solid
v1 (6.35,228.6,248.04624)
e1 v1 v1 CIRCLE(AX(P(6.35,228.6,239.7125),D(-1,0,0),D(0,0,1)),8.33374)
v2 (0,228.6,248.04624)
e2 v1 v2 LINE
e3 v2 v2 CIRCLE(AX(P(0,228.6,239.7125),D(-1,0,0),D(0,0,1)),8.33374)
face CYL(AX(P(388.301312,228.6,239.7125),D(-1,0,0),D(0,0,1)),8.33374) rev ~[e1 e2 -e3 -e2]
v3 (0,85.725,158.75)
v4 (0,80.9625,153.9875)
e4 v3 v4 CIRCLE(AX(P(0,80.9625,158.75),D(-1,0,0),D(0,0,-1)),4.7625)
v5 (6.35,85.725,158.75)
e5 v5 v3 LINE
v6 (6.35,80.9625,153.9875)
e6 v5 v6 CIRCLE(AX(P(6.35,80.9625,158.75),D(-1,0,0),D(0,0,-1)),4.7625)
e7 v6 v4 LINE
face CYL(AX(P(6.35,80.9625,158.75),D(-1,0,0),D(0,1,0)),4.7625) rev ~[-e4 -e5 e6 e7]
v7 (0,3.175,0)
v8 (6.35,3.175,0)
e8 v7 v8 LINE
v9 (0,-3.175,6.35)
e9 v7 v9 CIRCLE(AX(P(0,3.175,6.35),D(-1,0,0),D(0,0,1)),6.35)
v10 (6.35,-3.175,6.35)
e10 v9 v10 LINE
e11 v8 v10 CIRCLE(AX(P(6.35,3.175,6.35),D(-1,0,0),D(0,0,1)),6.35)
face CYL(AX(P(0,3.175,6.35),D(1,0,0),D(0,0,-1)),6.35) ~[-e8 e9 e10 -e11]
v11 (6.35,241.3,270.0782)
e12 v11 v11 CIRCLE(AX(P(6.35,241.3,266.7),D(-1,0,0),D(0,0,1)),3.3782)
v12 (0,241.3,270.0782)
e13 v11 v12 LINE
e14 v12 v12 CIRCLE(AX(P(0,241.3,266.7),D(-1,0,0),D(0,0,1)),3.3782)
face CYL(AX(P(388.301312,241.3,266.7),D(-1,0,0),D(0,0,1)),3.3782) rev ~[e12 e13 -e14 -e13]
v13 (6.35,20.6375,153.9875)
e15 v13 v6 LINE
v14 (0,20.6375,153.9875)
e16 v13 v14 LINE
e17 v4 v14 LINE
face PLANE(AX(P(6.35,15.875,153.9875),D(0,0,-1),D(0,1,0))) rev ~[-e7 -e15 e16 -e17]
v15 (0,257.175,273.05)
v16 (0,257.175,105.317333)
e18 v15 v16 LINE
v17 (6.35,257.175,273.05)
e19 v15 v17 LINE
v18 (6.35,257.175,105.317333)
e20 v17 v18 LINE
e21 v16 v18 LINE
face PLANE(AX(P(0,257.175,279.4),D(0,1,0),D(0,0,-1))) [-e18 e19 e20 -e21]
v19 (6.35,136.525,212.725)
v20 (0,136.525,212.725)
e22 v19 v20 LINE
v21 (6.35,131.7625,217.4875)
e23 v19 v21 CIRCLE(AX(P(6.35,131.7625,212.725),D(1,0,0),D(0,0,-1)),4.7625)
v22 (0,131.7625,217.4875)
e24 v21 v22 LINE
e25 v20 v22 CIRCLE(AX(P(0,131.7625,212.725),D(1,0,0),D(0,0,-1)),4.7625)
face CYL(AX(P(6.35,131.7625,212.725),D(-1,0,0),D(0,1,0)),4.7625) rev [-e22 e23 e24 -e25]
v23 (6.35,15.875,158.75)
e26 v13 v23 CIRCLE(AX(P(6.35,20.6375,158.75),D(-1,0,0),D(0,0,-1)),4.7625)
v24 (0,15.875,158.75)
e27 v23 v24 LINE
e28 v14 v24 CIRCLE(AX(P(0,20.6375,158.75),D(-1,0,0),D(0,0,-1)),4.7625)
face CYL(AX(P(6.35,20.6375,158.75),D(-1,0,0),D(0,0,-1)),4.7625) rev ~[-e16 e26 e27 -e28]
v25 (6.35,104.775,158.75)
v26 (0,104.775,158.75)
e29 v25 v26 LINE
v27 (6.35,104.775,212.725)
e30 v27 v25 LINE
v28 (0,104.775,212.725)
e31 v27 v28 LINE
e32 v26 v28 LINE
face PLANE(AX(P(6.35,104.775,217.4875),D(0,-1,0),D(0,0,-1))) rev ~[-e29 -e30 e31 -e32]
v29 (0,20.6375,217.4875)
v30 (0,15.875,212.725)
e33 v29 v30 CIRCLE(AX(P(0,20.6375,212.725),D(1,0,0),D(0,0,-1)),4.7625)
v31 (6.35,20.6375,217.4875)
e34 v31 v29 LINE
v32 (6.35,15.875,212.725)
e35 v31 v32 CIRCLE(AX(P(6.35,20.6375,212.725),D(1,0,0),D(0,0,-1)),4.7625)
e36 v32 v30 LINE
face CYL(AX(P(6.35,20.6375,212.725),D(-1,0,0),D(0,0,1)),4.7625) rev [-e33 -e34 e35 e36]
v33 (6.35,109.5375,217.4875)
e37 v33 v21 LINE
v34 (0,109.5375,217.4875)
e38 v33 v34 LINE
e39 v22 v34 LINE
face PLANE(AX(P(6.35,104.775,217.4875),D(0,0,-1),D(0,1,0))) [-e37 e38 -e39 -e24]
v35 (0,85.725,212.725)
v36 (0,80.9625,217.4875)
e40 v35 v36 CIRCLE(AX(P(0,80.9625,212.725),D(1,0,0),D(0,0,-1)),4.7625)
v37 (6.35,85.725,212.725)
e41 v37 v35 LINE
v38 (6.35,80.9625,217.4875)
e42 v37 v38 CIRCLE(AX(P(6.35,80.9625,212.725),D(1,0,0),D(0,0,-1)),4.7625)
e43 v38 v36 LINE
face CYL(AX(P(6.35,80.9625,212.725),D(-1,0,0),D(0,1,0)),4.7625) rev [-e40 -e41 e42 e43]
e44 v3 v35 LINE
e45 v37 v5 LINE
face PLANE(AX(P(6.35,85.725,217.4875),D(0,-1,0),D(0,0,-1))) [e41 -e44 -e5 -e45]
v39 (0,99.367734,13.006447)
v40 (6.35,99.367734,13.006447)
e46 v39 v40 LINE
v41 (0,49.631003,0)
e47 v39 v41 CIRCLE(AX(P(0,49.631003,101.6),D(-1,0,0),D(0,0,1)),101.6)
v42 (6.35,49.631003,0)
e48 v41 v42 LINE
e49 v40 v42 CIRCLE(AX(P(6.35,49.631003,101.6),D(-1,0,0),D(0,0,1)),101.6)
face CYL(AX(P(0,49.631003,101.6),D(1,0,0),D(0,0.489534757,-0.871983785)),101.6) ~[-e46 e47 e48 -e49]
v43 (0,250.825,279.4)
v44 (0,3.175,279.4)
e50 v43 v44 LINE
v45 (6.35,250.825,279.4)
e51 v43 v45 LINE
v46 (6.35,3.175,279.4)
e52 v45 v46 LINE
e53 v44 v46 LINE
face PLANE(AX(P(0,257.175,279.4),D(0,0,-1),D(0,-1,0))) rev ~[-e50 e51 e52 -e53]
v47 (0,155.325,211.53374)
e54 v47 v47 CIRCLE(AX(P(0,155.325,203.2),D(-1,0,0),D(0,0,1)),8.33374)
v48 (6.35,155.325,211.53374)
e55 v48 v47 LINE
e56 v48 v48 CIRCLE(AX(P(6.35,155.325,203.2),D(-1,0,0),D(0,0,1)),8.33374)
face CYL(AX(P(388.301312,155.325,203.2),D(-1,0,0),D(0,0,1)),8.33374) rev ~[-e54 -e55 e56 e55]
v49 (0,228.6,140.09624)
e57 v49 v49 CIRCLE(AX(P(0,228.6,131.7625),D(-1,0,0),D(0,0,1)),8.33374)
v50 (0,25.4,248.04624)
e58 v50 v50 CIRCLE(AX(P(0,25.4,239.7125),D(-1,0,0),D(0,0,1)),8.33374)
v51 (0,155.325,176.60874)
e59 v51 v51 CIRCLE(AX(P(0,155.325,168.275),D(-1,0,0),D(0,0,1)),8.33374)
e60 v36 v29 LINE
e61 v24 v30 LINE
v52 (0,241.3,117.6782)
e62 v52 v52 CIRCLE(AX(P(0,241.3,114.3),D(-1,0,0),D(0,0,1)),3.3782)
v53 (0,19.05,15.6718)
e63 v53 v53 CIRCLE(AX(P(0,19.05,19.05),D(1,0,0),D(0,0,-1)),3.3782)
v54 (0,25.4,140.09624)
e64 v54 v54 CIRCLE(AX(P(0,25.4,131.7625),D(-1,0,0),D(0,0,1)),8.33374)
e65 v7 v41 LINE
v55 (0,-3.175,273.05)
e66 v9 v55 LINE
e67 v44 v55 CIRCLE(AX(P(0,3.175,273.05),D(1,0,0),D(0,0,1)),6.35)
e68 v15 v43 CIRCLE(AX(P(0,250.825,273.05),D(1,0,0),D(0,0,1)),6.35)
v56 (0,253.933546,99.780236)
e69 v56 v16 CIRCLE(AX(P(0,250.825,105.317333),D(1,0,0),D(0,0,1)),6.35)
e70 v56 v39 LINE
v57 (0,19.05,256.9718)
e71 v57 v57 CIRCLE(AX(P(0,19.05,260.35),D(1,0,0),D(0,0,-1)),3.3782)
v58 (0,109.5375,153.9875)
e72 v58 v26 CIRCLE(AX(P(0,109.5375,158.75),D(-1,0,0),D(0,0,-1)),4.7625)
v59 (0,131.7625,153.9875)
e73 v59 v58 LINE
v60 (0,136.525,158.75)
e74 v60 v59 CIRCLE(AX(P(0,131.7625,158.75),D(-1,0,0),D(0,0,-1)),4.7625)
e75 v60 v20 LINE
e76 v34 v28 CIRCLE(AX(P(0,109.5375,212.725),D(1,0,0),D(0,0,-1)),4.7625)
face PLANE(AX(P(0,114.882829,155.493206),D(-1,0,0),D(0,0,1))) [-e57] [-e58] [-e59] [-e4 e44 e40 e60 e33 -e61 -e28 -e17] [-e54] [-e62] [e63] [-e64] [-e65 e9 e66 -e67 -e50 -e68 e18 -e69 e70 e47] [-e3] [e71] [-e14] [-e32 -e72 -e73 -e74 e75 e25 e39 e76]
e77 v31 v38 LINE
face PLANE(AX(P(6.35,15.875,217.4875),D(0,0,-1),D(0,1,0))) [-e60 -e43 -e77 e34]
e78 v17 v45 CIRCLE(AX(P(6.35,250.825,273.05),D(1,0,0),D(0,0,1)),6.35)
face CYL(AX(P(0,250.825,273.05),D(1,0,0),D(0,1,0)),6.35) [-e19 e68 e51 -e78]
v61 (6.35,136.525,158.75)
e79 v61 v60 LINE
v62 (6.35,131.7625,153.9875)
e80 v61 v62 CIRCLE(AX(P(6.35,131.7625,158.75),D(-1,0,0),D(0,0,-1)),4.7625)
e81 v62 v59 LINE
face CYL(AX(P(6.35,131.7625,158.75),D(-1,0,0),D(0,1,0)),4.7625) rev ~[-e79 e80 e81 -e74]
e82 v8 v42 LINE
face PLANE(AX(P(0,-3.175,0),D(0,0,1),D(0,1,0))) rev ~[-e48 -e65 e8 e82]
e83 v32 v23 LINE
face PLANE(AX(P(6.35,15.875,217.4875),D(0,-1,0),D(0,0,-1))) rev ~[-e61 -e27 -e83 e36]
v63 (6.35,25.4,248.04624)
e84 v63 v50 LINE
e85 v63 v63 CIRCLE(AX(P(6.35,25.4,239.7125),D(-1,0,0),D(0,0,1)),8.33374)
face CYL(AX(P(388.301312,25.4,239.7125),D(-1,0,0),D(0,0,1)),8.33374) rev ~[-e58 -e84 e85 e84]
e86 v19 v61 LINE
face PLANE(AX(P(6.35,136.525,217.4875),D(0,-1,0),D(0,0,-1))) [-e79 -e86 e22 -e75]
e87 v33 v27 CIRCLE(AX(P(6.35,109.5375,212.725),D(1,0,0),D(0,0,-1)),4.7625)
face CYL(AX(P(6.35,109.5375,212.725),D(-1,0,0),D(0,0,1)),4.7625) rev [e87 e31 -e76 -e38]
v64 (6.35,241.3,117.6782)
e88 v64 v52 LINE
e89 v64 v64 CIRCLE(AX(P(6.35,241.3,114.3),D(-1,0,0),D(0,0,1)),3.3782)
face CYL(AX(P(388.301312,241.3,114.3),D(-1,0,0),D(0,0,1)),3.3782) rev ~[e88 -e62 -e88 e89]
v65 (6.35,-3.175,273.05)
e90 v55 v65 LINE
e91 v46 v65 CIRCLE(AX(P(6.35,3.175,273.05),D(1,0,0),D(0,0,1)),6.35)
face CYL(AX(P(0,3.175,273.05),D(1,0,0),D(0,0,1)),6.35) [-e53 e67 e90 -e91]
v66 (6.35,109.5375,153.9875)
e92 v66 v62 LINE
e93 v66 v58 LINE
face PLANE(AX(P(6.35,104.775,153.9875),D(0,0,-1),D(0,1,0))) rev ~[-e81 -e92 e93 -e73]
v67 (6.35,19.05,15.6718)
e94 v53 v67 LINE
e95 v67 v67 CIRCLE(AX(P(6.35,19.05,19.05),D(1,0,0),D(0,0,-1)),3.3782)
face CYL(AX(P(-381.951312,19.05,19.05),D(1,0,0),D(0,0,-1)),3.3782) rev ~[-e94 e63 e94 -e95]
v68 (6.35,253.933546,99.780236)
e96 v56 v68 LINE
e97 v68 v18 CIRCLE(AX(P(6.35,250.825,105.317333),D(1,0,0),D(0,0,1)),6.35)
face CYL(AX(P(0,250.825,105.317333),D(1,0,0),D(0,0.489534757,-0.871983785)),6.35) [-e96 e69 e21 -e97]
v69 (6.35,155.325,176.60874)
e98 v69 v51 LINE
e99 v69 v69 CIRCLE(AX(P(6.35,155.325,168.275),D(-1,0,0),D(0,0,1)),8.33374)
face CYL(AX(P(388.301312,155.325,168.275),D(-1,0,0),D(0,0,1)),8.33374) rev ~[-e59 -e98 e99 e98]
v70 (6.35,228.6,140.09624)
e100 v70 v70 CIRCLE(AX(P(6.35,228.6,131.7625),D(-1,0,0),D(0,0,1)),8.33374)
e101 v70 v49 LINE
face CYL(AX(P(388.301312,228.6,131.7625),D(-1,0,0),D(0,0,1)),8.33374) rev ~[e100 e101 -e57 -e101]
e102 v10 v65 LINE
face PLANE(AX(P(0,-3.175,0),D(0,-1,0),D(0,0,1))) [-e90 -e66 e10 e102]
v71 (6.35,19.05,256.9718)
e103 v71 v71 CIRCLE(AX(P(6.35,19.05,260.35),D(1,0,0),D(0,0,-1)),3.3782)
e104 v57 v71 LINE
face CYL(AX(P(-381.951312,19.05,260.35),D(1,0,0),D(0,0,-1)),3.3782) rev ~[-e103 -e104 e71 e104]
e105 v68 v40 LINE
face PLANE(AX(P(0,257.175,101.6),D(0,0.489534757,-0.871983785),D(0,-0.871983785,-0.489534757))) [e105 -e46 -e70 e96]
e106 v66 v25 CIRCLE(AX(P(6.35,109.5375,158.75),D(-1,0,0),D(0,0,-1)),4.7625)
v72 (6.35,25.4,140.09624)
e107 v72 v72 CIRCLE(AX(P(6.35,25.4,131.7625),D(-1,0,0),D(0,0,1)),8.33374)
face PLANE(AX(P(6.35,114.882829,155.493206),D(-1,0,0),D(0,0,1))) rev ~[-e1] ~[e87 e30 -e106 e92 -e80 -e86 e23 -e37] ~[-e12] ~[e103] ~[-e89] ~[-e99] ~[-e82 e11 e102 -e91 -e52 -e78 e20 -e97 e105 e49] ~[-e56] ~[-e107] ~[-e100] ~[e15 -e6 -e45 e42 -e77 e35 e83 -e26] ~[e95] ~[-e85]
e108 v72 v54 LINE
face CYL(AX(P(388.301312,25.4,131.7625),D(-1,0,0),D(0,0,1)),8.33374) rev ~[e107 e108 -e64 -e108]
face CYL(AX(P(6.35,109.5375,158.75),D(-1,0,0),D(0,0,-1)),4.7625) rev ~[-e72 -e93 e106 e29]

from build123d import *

# Parameters (mm, degrees)
BOSS_EXTRUDE1_DEPTH     = 6.35
F_1_4_CLEARANCE_HOLE4_D = 6.7564
F_1_4_CLEARANCE_HOLE5_D = 6.7564
FILLET4_R               = 101.6
SKETCH22_W              = 63.5
SKETCH22_H              = 69.85
SKETCH22_H_2            = 31.75
CUT_EXTRUDE1_DEPTH      = 7.35
F_5_8_CLEARANCE_HOLE1_D = 16.66748
FILLET5_R               = 6.35
FILLET6_R               = 4.7625


with BuildPart() as part:
    # Sketch1 → Boss-Extrude1 (new body)
    with BuildSketch(Plane(origin=(0, 0, 0), x_dir=(0, 0, -1), z_dir=(1, 0, 0))):
        Polygon((-279.4, 0), (-279.4, 257.175), (-101.6, 257.175), (0, 76.2), (0, 0), (0, -3.175), (-279.4, -3.175), align=None)
    extrude(amount=BOSS_EXTRUDE1_DEPTH)

    # 1/4 Clearance Hole4 (through all)
    with Locations(Plane(origin=(6.35, 0, 0), x_dir=(0, 0, -1), z_dir=(1, 0, 0))):
        with Locations((-266.7, 241.3), (-114.3, 241.3)):
            Hole(F_1_4_CLEARANCE_HOLE4_D / 2)

    # 1/4 Clearance Hole5 (through all)
    with Locations(Plane.ZY):
        with Locations((19.05, 19.05), (260.35, 19.05)):
            Hole(F_1_4_CLEARANCE_HOLE5_D / 2)

    # Fillet4
    fillet4_edges = [part.edges().sort_by_distance(p)[0] for p in [
        (3.175, 76.2, 0),
    ]]
    fillet(fillet4_edges, radius=FILLET4_R)

    # Sketch22 → Cut-Extrude1 (cut, through all)
    with BuildSketch(Plane(origin=(6.35, 0, 0), x_dir=(0, 0, -1), z_dir=(1, 0, 0))):
        with Locations((-185.7375, 50.8)):
            Rectangle(SKETCH22_W, SKETCH22_H)
        with Locations((-185.7375, 120.65)):
            Rectangle(SKETCH22_W, SKETCH22_H_2)
    extrude(amount=-CUT_EXTRUDE1_DEPTH, mode=Mode.SUBTRACT)

    # 5/8 Clearance Hole1 (through all)
    with Locations(Plane(origin=(6.35, 0, 0), x_dir=(0, 0, -1), z_dir=(1, 0, 0))):
        with Locations((-239.7125, 228.6), (-131.7625, 228.6), (-239.7125, 25.4), (-131.7625, 25.4), (-203.2, 155.324999992), (-168.275, 155.324999992)):
            Hole(F_5_8_CLEARANCE_HOLE1_D / 2)

    # Fillet5
    fillet5_edges = [part.edges().sort_by_distance(p)[0] for p in [
        (3.175, -3.175, 0),
        (3.175, -3.175, 279.4),
        (3.175, 257.175, 279.4),
        (3.175, 257.175, 101.6),
    ]]
    fillet(fillet5_edges, radius=FILLET5_R)

    # Fillet6
    fillet6_edges = [part.edges().sort_by_distance(p)[0] for p in [
        (3.175, 15.875, 217.4875),
        (3.175, 85.725, 217.4875),
        (3.175, 85.725, 153.9875),
        (3.175, 15.875, 153.9875),
        (3.175, 104.775, 217.4875),
        (3.175, 136.525, 217.4875),
        (3.175, 136.525, 153.9875),
        (3.175, 104.775, 153.9875),
    ]]
    fillet(fillet6_edges, radius=FILLET6_R)


solid = part.part
